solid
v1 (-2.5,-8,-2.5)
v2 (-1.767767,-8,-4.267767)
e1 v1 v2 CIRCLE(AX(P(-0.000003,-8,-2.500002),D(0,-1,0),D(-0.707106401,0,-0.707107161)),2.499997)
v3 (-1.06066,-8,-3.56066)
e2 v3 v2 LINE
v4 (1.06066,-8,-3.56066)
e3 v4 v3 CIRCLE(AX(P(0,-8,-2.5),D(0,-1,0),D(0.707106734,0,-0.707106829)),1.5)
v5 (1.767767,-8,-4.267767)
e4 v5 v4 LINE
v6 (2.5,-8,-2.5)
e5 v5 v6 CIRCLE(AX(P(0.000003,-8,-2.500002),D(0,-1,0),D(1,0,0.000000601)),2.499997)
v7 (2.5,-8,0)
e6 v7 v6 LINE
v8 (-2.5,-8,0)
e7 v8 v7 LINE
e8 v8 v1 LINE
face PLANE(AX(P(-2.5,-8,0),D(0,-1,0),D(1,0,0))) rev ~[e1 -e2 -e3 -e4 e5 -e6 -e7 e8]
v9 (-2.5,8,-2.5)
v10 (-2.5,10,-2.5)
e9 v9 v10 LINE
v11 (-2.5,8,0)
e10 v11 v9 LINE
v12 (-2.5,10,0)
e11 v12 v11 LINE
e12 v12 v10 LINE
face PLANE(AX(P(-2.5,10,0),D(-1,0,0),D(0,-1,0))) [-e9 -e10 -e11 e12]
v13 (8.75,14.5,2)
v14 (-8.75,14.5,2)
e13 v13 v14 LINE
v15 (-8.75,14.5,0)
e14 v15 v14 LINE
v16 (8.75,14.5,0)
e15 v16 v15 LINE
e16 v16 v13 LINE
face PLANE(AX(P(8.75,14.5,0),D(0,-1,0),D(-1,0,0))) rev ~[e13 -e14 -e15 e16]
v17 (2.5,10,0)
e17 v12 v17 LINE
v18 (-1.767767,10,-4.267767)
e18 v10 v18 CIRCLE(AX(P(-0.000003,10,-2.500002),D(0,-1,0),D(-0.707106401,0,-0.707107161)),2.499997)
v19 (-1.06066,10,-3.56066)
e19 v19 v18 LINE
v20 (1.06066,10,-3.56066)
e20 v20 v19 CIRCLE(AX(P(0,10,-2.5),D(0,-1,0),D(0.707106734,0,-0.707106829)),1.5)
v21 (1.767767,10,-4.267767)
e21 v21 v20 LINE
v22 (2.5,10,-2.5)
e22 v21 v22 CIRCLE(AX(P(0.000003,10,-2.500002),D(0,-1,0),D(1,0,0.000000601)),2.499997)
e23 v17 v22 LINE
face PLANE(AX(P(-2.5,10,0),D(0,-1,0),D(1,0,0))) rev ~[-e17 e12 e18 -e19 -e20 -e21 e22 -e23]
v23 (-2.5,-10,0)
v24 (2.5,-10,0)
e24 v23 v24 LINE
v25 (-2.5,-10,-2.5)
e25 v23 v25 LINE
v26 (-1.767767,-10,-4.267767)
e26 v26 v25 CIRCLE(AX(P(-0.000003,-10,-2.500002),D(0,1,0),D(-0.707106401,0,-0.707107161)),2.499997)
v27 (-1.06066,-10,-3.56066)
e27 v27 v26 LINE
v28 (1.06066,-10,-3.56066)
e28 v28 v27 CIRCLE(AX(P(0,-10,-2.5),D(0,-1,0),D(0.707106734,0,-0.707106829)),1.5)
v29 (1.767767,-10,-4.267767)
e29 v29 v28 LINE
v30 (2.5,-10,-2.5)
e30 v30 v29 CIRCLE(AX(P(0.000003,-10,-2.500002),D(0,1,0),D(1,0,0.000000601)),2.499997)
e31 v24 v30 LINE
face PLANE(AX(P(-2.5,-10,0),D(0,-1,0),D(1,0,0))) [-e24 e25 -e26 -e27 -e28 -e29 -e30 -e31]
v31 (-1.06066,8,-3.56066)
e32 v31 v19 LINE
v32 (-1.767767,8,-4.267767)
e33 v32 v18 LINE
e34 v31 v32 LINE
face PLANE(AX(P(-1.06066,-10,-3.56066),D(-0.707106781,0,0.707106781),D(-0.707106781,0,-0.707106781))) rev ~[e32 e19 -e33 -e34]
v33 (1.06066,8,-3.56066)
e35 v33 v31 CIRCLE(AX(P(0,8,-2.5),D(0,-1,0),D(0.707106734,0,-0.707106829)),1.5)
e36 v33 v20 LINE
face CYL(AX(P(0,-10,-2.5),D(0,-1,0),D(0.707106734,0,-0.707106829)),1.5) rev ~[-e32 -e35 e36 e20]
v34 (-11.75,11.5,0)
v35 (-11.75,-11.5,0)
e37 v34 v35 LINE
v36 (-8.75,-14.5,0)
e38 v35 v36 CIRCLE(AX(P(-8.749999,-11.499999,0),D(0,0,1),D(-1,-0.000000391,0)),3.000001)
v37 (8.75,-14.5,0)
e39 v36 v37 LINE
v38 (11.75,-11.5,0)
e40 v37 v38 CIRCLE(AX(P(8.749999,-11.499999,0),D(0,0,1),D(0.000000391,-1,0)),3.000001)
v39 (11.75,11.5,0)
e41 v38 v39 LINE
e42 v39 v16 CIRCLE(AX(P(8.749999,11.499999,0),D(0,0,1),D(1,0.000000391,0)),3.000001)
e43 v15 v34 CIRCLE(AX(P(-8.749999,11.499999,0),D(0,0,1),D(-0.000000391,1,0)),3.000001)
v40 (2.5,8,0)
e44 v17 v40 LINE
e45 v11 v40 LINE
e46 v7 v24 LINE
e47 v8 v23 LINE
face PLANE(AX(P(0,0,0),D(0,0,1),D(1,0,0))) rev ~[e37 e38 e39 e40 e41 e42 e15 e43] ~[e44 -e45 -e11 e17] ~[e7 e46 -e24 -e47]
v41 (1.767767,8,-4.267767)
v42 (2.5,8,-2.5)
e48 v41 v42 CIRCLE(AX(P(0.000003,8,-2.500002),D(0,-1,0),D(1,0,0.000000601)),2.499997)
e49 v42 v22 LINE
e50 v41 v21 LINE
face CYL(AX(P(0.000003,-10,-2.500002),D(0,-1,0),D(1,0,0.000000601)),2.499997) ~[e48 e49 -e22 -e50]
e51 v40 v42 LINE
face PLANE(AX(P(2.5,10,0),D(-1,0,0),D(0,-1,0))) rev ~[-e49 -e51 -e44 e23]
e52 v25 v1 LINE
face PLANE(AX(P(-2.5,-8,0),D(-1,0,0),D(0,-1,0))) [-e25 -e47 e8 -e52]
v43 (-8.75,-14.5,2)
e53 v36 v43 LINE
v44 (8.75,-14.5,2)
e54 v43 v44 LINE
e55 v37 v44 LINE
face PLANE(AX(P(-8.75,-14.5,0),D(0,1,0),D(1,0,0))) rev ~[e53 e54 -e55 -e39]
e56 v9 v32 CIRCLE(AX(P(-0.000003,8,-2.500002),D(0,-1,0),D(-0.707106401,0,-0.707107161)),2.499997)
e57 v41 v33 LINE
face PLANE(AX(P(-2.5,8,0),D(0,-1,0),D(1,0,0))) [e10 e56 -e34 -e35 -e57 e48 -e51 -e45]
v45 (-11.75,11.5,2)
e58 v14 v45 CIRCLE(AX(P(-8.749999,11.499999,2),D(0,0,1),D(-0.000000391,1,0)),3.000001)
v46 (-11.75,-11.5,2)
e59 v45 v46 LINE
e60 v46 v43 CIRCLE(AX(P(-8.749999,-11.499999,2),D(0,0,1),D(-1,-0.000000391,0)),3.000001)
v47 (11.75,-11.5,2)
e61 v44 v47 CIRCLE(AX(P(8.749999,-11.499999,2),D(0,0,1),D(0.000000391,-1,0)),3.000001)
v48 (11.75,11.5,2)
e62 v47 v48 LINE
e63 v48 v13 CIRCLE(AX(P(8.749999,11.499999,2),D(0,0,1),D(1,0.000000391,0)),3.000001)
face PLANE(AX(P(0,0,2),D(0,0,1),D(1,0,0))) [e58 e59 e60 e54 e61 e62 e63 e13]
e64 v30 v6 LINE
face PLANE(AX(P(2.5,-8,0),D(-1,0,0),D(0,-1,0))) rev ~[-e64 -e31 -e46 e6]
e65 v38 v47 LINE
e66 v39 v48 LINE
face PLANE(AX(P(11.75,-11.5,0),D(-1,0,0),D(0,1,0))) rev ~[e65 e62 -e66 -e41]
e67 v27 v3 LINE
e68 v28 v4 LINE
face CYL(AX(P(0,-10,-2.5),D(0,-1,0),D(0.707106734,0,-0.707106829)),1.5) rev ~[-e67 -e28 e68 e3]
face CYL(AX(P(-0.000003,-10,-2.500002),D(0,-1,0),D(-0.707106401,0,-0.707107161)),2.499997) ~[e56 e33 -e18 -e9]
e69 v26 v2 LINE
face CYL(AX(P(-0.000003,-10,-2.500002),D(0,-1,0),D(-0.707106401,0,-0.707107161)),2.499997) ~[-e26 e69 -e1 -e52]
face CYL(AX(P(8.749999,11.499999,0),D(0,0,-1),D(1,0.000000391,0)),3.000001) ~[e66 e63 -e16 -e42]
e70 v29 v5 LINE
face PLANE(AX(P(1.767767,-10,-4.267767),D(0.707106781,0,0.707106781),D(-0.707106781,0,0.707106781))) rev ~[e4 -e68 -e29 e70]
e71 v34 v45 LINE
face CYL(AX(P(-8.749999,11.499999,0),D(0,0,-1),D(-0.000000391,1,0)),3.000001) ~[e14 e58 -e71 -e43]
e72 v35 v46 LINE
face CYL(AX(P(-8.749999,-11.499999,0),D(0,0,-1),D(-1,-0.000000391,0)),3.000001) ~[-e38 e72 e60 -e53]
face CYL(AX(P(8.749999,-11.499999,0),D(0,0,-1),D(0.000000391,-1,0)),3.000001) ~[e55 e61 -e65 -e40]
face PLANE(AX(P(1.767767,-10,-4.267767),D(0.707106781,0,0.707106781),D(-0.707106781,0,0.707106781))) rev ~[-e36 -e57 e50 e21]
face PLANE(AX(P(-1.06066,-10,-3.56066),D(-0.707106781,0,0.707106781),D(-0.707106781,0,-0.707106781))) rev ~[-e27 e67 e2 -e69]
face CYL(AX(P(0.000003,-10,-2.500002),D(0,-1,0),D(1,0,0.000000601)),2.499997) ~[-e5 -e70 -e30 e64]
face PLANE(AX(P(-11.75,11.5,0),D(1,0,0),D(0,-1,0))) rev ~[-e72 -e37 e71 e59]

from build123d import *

# Parameters (mm, degrees)
F1_DEPTH = 2
F2_W     = 5
F2_H     = 2
F3_DEPTH = 5
F5_DEPTH = 25


with BuildPart() as f1:
    # F0 (on Top) → F1 (new body)
    with BuildSketch(Plane.XY):
        with BuildLine():
            Line((-8.75, -14.5), (8.75, -14.5))
            ThreePointArc((8.75, -14.5), (10.87132, -13.62132), (11.75, -11.5))
            Line((11.75, -11.5), (11.75, 11.5))
            ThreePointArc((11.75, 11.5), (10.87132, 13.62132), (8.75, 14.5))
            Line((8.75, 14.5), (-8.75, 14.5))
            ThreePointArc((-8.75, 14.5), (-10.87132, 13.62132), (-11.75, 11.5))
            Line((-11.75, 11.5), (-11.75, -11.5))
            ThreePointArc((-11.75, -11.5), (-10.87132, -13.62132), (-8.75, -14.5))
        make_face()
    extrude(amount=F1_DEPTH)

    # F2 (on face) → F3 (join)
    with BuildSketch(Plane(origin=(0, 0, 0), x_dir=(1, 0, 0), z_dir=(0, 0, -1))):
        with Locations((0, 9)):
            Rectangle(F2_W, F2_H)
        with Locations((0, -9)):
            Rectangle(F2_W, F2_H)
    extrude(amount=F3_DEPTH)

    # F4 (on face) → F5 (cut)
    with BuildSketch(Plane.XZ.offset(10)):
        with BuildLine():
            ThreePointArc((2.5, -2.5), (2.309699, -3.456709), (1.767767, -4.267767))
            Line((1.767767, -4.267767), (1.06066, -3.56066))
            ThreePointArc((1.06066, -3.56066), (0, -1), (-1.06066, -3.56066))
            Line((-1.06066, -3.56066), (-1.767767, -4.267767))
            ThreePointArc((-1.767767, -4.267767), (-2.309699, -3.456709), (-2.5, -2.5))
            Line((-2.5, -2.5), (-2.5, -5))
            Line((-2.5, -5), (2.5, -5))
            Line((2.5, -5), (2.5, -2.5))
        make_face()
        Polygon((3.523229, -2.854811), (2.5, -2.5), (2.5, -5), (-2.5, -5), (-2.5, -2.5), (-3.529894, -2.823659), (-4.289252, -6.509164), (2.408858, -5.650775), (4.006271, -4.421826), align=None)
    extrude(amount=-F5_DEPTH, mode=Mode.SUBTRACT)


solid = f1.part
